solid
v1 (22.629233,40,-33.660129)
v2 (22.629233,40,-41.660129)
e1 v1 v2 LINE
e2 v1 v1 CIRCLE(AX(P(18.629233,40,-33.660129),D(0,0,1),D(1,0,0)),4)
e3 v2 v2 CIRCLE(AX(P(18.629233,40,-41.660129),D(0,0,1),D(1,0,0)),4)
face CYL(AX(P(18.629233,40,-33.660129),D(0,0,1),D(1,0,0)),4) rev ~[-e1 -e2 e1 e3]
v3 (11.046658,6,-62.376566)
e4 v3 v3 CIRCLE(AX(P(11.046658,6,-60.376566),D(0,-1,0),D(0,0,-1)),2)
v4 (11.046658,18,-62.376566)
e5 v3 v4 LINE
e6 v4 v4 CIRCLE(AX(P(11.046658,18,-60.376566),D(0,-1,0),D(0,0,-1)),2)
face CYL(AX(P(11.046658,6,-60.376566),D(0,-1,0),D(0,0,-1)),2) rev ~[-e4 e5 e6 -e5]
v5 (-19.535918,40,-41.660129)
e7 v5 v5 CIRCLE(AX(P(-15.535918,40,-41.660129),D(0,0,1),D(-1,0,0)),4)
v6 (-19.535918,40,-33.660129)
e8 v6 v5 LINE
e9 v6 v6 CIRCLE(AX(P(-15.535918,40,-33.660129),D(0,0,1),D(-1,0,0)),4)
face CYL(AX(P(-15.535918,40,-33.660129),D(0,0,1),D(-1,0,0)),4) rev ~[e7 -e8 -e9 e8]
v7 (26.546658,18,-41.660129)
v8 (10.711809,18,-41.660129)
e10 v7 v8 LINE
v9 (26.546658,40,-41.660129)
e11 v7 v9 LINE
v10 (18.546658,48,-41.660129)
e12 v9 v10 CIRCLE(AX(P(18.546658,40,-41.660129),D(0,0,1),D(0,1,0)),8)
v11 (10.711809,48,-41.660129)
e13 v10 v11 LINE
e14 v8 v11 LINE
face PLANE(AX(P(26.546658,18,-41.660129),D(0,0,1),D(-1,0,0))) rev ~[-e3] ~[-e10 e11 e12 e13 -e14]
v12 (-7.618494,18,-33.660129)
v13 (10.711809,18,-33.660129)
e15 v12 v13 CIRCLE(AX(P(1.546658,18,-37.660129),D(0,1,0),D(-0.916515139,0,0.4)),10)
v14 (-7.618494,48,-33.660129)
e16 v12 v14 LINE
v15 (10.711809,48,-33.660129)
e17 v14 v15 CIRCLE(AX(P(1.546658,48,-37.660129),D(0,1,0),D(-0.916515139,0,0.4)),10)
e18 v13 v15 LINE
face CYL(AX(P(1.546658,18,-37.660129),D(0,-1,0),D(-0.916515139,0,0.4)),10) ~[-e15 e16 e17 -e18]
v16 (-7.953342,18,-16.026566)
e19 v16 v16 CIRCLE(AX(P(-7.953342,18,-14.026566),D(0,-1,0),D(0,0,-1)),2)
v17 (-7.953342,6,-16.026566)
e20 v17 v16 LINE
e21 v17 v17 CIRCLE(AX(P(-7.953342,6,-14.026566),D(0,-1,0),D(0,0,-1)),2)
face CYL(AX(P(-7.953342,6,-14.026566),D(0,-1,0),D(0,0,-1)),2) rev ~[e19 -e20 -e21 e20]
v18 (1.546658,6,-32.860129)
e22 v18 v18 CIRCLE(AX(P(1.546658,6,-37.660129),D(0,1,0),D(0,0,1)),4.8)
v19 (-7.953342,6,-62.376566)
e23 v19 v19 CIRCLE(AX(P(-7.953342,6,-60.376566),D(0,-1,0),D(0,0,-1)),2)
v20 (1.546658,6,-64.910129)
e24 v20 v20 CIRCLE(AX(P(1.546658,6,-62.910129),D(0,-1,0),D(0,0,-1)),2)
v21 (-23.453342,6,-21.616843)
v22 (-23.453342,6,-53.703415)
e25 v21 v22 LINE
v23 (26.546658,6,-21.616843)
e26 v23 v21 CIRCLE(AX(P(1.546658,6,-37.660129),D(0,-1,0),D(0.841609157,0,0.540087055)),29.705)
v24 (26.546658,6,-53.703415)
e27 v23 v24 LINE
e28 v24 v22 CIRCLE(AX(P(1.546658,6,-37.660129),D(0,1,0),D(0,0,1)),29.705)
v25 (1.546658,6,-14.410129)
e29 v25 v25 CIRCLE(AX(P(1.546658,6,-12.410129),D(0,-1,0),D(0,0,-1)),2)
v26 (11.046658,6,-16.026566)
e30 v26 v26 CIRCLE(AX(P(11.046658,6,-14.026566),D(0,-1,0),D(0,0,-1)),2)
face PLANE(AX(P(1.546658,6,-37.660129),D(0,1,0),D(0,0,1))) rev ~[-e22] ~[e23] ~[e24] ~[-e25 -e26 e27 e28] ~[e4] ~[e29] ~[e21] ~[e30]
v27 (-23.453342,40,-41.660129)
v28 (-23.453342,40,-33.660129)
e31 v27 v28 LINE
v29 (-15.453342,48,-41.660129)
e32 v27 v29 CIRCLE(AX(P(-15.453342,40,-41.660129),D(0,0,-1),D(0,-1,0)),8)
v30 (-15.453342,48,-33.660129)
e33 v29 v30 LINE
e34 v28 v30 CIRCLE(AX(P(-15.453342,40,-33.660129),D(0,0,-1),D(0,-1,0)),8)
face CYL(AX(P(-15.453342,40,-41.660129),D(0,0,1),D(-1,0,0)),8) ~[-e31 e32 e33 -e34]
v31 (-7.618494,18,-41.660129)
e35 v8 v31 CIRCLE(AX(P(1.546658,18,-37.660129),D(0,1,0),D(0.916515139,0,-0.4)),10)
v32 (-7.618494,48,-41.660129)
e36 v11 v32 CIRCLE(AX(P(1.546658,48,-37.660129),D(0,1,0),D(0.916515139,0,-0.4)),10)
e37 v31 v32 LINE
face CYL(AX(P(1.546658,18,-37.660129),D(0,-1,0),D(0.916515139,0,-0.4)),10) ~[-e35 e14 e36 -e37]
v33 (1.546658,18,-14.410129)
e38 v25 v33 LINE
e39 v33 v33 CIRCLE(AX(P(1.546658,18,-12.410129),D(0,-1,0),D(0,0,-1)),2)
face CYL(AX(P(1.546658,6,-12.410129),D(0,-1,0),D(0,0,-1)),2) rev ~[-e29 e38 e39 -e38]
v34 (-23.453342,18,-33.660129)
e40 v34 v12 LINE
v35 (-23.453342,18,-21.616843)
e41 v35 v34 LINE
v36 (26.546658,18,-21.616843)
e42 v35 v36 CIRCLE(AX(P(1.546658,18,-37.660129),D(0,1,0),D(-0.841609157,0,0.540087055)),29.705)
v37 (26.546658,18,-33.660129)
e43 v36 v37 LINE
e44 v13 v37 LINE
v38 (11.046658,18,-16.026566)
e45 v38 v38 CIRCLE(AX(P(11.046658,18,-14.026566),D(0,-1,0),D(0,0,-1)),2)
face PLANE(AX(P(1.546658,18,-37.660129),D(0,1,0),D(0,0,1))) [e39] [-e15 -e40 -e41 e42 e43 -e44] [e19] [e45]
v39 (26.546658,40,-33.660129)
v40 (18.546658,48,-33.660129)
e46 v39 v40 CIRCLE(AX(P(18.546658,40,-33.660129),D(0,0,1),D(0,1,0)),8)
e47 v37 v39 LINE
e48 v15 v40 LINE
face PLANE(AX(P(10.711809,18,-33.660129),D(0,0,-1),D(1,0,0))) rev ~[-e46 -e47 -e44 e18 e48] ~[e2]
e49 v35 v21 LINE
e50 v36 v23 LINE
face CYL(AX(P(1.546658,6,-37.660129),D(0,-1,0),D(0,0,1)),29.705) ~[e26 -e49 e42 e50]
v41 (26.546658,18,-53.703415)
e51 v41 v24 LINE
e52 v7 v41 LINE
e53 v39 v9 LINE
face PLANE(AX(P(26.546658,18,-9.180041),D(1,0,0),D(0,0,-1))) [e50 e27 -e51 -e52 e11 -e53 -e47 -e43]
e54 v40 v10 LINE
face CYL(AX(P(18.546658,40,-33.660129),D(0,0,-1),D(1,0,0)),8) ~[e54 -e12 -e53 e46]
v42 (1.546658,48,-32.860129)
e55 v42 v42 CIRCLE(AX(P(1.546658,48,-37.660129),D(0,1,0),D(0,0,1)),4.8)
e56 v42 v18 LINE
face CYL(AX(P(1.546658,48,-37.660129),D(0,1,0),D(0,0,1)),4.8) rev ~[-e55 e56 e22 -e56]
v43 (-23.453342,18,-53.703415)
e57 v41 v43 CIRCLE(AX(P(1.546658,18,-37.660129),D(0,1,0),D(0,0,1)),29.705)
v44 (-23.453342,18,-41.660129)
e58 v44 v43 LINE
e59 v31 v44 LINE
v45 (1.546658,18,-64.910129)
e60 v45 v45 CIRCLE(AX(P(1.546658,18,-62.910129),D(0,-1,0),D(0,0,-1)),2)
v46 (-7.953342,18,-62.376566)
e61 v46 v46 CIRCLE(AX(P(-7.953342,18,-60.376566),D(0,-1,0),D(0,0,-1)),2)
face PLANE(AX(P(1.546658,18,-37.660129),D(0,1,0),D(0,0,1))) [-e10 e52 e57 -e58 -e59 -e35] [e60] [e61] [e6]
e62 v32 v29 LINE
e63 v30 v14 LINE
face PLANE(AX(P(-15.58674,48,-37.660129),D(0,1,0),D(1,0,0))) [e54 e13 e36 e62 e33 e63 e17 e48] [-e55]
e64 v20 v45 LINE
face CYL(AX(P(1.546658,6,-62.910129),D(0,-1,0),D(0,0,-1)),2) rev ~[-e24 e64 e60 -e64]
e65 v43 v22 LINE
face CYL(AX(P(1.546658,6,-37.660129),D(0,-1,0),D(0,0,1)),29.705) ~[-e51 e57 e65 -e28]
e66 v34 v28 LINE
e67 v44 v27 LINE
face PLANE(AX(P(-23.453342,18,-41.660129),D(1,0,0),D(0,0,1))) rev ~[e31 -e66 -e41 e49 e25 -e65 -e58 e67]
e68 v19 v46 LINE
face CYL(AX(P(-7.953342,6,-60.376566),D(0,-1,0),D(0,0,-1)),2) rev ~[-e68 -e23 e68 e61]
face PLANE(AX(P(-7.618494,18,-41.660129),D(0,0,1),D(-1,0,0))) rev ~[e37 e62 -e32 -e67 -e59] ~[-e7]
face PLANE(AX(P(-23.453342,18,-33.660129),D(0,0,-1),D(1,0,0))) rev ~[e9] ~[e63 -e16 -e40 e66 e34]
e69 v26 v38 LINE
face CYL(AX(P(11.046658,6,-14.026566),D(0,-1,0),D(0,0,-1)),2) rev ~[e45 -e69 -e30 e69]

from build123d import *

# Parameters (mm, degrees)
SKETCH1_R            = 29.705
BASE_DEPTH           = 12
SUPPORT_SHAPE_DEPTH  = 30
SKETCH3_R            = 4.8
PEN_HOLE_DEPTH       = 86.315453863
SKETCH5_R            = 2
BOLT_HOLES_DEPTH     = 86.315453863
ELASTIC_HOLES_REACH  = 68.458
SKETCH8_R            = 4
DECORATIVE_FILLET_R  = 8
SKETCH9_W            = 13.029443146
SKETCH9_H            = 56.051778338
SKETCH9_W_2          = 11.207609874
SKETCH9_H_2          = 62.108426406
DECORATIVE_CUT_DEPTH = 81.091988787


with BuildPart() as part:
    # Sketch1 → Base (new body)
    with BuildSketch(Plane(origin=(0, 6, 0), x_dir=(1, 0, 0), z_dir=(0, 1, 0))):
        with Locations(Location((1.546657586, 37.660128709, 0), (0, 0, 270))):
            Circle(SKETCH1_R)
    extrude(amount=BASE_DEPTH)

    # Sketch2 → Support Shape (add)
    with BuildSketch(Plane(origin=(0, 18, 0), x_dir=(1, 0, 0), z_dir=(0, 1, 0))):
        with BuildLine():
            Line((-7.618493804, 41.660128709), (-23.453342414, 41.660128709))
            Line((-23.453342414, 41.660128709), (-23.453342414, 33.660128709))
            Line((-23.453342414, 33.660128709), (-7.618493804, 33.660128709))
            ThreePointArc((-7.618493804, 33.660128709), (-8.453342414, 37.660128709), (-7.618493804, 41.660128709))
        make_face()
        with BuildLine():
            ThreePointArc((10.711808976, 41.660128709), (1.546657586, 47.660128709), (-7.618493804, 41.660128709))
            Line((-7.618493804, 41.660128709), (10.711808976, 41.660128709))
        make_face()
        with BuildLine():
            Line((10.711808976, 41.660128709), (-7.618493804, 41.660128709))
            ThreePointArc((-7.618493804, 41.660128709), (-8.453342414, 37.660128709), (-7.618493804, 33.660128709))
            Line((-7.618493804, 33.660128709), (10.711808976, 33.660128709))
            ThreePointArc((10.711808976, 33.660128709), (11.335720716, 35.617032272), (11.546657586, 37.660128709))
            ThreePointArc((11.546657586, 37.660128709), (11.335720716, 39.703225146), (10.711808976, 41.660128709))
        make_face()
        with BuildLine():
            Line((10.711808976, 33.660128709), (-7.618493804, 33.660128709))
            ThreePointArc((-7.618493804, 33.660128709), (1.546657586, 27.660128709), (10.711808976, 33.660128709))
        make_face()
        with BuildLine():
            Line((26.546657586, 41.660128709), (10.711808976, 41.660128709))
            ThreePointArc((10.711808976, 41.660128709), (11.335720716, 39.703225146), (11.546657586, 37.660128709))
            ThreePointArc((11.546657586, 37.660128709), (11.335720716, 35.617032272), (10.711808976, 33.660128709))
            Line((10.711808976, 33.660128709), (26.546657586, 33.660128709))
            Line((26.546657586, 33.660128709), (26.546657586, 41.660128709))
        make_face()
    extrude(amount=SUPPORT_SHAPE_DEPTH)

    # Sketch3 → Pen Hole (cut, through all)
    with BuildSketch(Plane(origin=(0, 48, 0), x_dir=(1, 0, 0), z_dir=(0, 1, 0))):
        with Locations(Location((1.546657586, 37.660128709, 0), (0, 0, 270))):
            Circle(SKETCH3_R)
    extrude(amount=-PEN_HOLE_DEPTH, mode=Mode.SUBTRACT)

    # Sketch5 → Bolt Holes (cut, through all)
    with BuildSketch(Plane.XZ.offset(-6)):
        with Locations(Location((-7.953342414, -14.026565813, 0), (0, 0, 270))):
            Circle(SKETCH5_R)
        with Locations(Location((1.546657586, -12.410128709, 0), (0, 0, 270))):
            Circle(SKETCH5_R)
        with Locations(Location((11.046657586, -14.026565813, 0), (0, 0, 270))):
            Circle(SKETCH5_R)
        with Locations(Location((11.046657586, -60.376565813, 0), (0, 0, 270))):
            Circle(SKETCH5_R)
        with Locations(Location((1.546657586, -62.910128709, 0), (0, 0, 270))):
            Circle(SKETCH5_R)
        with Locations(Location((-7.953342414, -60.376565813, 0), (0, 0, 270))):
            Circle(SKETCH5_R)
    extrude(amount=-BOLT_HOLES_DEPTH, mode=Mode.SUBTRACT)

    # Sketch8 → Elastic Holes (cut, up to next)
    with BuildSketch(Plane.XY.offset(-33.660128709), mode=Mode.PRIVATE) as elastic_holes_sk1:
        with Locations((18.629233281, 40)):
            Circle(SKETCH8_R)
    elastic_holes_tool1 = extrude(elastic_holes_sk1.sketch, amount=-ELASTIC_HOLES_REACH, mode=Mode.PRIVATE) & part.part
    # Sketch8 → Elastic Holes (cut, up to next)
    with BuildSketch(Plane.XY.offset(-33.660128709), mode=Mode.PRIVATE) as elastic_holes_sk2:
        with Locations(Location((-15.535918109, 40, 0), (0, 0, 180))):
            Circle(SKETCH8_R)
    elastic_holes_tool2 = extrude(elastic_holes_sk2.sketch, amount=-ELASTIC_HOLES_REACH, mode=Mode.PRIVATE) & part.part
    add(elastic_holes_tool1.solids().sort_by_distance((18.629233, 40, -33.660129))[0], mode=Mode.SUBTRACT)
    add(elastic_holes_tool2.solids().sort_by_distance((-15.535918, 40, -33.660129))[0], mode=Mode.SUBTRACT)

    # Decorative Fillet
    decorative_fillet_edges = [part.edges().sort_by_distance(p)[0] for p in [
        (26.546657586, 48, -37.660128709),
        (-23.453342414, 48, -37.660128709),
    ]]
    fillet(decorative_fillet_edges, radius=DECORATIVE_FILLET_R)

    # Sketch9 → Decorative Cut (cut, through all)
    with BuildSketch(Plane(origin=(0, 18, 0), x_dir=(1, 0, 0), z_dir=(0, 1, 0))):
        with Locations((33.061379159, 37.205930485)):
            Rectangle(SKETCH9_W, SKETCH9_H)
        with Locations((-29.057147351, 40.234254519)):
            Rectangle(SKETCH9_W_2, SKETCH9_H_2)
    extrude(amount=-DECORATIVE_CUT_DEPTH, mode=Mode.SUBTRACT)


solid = part.part
